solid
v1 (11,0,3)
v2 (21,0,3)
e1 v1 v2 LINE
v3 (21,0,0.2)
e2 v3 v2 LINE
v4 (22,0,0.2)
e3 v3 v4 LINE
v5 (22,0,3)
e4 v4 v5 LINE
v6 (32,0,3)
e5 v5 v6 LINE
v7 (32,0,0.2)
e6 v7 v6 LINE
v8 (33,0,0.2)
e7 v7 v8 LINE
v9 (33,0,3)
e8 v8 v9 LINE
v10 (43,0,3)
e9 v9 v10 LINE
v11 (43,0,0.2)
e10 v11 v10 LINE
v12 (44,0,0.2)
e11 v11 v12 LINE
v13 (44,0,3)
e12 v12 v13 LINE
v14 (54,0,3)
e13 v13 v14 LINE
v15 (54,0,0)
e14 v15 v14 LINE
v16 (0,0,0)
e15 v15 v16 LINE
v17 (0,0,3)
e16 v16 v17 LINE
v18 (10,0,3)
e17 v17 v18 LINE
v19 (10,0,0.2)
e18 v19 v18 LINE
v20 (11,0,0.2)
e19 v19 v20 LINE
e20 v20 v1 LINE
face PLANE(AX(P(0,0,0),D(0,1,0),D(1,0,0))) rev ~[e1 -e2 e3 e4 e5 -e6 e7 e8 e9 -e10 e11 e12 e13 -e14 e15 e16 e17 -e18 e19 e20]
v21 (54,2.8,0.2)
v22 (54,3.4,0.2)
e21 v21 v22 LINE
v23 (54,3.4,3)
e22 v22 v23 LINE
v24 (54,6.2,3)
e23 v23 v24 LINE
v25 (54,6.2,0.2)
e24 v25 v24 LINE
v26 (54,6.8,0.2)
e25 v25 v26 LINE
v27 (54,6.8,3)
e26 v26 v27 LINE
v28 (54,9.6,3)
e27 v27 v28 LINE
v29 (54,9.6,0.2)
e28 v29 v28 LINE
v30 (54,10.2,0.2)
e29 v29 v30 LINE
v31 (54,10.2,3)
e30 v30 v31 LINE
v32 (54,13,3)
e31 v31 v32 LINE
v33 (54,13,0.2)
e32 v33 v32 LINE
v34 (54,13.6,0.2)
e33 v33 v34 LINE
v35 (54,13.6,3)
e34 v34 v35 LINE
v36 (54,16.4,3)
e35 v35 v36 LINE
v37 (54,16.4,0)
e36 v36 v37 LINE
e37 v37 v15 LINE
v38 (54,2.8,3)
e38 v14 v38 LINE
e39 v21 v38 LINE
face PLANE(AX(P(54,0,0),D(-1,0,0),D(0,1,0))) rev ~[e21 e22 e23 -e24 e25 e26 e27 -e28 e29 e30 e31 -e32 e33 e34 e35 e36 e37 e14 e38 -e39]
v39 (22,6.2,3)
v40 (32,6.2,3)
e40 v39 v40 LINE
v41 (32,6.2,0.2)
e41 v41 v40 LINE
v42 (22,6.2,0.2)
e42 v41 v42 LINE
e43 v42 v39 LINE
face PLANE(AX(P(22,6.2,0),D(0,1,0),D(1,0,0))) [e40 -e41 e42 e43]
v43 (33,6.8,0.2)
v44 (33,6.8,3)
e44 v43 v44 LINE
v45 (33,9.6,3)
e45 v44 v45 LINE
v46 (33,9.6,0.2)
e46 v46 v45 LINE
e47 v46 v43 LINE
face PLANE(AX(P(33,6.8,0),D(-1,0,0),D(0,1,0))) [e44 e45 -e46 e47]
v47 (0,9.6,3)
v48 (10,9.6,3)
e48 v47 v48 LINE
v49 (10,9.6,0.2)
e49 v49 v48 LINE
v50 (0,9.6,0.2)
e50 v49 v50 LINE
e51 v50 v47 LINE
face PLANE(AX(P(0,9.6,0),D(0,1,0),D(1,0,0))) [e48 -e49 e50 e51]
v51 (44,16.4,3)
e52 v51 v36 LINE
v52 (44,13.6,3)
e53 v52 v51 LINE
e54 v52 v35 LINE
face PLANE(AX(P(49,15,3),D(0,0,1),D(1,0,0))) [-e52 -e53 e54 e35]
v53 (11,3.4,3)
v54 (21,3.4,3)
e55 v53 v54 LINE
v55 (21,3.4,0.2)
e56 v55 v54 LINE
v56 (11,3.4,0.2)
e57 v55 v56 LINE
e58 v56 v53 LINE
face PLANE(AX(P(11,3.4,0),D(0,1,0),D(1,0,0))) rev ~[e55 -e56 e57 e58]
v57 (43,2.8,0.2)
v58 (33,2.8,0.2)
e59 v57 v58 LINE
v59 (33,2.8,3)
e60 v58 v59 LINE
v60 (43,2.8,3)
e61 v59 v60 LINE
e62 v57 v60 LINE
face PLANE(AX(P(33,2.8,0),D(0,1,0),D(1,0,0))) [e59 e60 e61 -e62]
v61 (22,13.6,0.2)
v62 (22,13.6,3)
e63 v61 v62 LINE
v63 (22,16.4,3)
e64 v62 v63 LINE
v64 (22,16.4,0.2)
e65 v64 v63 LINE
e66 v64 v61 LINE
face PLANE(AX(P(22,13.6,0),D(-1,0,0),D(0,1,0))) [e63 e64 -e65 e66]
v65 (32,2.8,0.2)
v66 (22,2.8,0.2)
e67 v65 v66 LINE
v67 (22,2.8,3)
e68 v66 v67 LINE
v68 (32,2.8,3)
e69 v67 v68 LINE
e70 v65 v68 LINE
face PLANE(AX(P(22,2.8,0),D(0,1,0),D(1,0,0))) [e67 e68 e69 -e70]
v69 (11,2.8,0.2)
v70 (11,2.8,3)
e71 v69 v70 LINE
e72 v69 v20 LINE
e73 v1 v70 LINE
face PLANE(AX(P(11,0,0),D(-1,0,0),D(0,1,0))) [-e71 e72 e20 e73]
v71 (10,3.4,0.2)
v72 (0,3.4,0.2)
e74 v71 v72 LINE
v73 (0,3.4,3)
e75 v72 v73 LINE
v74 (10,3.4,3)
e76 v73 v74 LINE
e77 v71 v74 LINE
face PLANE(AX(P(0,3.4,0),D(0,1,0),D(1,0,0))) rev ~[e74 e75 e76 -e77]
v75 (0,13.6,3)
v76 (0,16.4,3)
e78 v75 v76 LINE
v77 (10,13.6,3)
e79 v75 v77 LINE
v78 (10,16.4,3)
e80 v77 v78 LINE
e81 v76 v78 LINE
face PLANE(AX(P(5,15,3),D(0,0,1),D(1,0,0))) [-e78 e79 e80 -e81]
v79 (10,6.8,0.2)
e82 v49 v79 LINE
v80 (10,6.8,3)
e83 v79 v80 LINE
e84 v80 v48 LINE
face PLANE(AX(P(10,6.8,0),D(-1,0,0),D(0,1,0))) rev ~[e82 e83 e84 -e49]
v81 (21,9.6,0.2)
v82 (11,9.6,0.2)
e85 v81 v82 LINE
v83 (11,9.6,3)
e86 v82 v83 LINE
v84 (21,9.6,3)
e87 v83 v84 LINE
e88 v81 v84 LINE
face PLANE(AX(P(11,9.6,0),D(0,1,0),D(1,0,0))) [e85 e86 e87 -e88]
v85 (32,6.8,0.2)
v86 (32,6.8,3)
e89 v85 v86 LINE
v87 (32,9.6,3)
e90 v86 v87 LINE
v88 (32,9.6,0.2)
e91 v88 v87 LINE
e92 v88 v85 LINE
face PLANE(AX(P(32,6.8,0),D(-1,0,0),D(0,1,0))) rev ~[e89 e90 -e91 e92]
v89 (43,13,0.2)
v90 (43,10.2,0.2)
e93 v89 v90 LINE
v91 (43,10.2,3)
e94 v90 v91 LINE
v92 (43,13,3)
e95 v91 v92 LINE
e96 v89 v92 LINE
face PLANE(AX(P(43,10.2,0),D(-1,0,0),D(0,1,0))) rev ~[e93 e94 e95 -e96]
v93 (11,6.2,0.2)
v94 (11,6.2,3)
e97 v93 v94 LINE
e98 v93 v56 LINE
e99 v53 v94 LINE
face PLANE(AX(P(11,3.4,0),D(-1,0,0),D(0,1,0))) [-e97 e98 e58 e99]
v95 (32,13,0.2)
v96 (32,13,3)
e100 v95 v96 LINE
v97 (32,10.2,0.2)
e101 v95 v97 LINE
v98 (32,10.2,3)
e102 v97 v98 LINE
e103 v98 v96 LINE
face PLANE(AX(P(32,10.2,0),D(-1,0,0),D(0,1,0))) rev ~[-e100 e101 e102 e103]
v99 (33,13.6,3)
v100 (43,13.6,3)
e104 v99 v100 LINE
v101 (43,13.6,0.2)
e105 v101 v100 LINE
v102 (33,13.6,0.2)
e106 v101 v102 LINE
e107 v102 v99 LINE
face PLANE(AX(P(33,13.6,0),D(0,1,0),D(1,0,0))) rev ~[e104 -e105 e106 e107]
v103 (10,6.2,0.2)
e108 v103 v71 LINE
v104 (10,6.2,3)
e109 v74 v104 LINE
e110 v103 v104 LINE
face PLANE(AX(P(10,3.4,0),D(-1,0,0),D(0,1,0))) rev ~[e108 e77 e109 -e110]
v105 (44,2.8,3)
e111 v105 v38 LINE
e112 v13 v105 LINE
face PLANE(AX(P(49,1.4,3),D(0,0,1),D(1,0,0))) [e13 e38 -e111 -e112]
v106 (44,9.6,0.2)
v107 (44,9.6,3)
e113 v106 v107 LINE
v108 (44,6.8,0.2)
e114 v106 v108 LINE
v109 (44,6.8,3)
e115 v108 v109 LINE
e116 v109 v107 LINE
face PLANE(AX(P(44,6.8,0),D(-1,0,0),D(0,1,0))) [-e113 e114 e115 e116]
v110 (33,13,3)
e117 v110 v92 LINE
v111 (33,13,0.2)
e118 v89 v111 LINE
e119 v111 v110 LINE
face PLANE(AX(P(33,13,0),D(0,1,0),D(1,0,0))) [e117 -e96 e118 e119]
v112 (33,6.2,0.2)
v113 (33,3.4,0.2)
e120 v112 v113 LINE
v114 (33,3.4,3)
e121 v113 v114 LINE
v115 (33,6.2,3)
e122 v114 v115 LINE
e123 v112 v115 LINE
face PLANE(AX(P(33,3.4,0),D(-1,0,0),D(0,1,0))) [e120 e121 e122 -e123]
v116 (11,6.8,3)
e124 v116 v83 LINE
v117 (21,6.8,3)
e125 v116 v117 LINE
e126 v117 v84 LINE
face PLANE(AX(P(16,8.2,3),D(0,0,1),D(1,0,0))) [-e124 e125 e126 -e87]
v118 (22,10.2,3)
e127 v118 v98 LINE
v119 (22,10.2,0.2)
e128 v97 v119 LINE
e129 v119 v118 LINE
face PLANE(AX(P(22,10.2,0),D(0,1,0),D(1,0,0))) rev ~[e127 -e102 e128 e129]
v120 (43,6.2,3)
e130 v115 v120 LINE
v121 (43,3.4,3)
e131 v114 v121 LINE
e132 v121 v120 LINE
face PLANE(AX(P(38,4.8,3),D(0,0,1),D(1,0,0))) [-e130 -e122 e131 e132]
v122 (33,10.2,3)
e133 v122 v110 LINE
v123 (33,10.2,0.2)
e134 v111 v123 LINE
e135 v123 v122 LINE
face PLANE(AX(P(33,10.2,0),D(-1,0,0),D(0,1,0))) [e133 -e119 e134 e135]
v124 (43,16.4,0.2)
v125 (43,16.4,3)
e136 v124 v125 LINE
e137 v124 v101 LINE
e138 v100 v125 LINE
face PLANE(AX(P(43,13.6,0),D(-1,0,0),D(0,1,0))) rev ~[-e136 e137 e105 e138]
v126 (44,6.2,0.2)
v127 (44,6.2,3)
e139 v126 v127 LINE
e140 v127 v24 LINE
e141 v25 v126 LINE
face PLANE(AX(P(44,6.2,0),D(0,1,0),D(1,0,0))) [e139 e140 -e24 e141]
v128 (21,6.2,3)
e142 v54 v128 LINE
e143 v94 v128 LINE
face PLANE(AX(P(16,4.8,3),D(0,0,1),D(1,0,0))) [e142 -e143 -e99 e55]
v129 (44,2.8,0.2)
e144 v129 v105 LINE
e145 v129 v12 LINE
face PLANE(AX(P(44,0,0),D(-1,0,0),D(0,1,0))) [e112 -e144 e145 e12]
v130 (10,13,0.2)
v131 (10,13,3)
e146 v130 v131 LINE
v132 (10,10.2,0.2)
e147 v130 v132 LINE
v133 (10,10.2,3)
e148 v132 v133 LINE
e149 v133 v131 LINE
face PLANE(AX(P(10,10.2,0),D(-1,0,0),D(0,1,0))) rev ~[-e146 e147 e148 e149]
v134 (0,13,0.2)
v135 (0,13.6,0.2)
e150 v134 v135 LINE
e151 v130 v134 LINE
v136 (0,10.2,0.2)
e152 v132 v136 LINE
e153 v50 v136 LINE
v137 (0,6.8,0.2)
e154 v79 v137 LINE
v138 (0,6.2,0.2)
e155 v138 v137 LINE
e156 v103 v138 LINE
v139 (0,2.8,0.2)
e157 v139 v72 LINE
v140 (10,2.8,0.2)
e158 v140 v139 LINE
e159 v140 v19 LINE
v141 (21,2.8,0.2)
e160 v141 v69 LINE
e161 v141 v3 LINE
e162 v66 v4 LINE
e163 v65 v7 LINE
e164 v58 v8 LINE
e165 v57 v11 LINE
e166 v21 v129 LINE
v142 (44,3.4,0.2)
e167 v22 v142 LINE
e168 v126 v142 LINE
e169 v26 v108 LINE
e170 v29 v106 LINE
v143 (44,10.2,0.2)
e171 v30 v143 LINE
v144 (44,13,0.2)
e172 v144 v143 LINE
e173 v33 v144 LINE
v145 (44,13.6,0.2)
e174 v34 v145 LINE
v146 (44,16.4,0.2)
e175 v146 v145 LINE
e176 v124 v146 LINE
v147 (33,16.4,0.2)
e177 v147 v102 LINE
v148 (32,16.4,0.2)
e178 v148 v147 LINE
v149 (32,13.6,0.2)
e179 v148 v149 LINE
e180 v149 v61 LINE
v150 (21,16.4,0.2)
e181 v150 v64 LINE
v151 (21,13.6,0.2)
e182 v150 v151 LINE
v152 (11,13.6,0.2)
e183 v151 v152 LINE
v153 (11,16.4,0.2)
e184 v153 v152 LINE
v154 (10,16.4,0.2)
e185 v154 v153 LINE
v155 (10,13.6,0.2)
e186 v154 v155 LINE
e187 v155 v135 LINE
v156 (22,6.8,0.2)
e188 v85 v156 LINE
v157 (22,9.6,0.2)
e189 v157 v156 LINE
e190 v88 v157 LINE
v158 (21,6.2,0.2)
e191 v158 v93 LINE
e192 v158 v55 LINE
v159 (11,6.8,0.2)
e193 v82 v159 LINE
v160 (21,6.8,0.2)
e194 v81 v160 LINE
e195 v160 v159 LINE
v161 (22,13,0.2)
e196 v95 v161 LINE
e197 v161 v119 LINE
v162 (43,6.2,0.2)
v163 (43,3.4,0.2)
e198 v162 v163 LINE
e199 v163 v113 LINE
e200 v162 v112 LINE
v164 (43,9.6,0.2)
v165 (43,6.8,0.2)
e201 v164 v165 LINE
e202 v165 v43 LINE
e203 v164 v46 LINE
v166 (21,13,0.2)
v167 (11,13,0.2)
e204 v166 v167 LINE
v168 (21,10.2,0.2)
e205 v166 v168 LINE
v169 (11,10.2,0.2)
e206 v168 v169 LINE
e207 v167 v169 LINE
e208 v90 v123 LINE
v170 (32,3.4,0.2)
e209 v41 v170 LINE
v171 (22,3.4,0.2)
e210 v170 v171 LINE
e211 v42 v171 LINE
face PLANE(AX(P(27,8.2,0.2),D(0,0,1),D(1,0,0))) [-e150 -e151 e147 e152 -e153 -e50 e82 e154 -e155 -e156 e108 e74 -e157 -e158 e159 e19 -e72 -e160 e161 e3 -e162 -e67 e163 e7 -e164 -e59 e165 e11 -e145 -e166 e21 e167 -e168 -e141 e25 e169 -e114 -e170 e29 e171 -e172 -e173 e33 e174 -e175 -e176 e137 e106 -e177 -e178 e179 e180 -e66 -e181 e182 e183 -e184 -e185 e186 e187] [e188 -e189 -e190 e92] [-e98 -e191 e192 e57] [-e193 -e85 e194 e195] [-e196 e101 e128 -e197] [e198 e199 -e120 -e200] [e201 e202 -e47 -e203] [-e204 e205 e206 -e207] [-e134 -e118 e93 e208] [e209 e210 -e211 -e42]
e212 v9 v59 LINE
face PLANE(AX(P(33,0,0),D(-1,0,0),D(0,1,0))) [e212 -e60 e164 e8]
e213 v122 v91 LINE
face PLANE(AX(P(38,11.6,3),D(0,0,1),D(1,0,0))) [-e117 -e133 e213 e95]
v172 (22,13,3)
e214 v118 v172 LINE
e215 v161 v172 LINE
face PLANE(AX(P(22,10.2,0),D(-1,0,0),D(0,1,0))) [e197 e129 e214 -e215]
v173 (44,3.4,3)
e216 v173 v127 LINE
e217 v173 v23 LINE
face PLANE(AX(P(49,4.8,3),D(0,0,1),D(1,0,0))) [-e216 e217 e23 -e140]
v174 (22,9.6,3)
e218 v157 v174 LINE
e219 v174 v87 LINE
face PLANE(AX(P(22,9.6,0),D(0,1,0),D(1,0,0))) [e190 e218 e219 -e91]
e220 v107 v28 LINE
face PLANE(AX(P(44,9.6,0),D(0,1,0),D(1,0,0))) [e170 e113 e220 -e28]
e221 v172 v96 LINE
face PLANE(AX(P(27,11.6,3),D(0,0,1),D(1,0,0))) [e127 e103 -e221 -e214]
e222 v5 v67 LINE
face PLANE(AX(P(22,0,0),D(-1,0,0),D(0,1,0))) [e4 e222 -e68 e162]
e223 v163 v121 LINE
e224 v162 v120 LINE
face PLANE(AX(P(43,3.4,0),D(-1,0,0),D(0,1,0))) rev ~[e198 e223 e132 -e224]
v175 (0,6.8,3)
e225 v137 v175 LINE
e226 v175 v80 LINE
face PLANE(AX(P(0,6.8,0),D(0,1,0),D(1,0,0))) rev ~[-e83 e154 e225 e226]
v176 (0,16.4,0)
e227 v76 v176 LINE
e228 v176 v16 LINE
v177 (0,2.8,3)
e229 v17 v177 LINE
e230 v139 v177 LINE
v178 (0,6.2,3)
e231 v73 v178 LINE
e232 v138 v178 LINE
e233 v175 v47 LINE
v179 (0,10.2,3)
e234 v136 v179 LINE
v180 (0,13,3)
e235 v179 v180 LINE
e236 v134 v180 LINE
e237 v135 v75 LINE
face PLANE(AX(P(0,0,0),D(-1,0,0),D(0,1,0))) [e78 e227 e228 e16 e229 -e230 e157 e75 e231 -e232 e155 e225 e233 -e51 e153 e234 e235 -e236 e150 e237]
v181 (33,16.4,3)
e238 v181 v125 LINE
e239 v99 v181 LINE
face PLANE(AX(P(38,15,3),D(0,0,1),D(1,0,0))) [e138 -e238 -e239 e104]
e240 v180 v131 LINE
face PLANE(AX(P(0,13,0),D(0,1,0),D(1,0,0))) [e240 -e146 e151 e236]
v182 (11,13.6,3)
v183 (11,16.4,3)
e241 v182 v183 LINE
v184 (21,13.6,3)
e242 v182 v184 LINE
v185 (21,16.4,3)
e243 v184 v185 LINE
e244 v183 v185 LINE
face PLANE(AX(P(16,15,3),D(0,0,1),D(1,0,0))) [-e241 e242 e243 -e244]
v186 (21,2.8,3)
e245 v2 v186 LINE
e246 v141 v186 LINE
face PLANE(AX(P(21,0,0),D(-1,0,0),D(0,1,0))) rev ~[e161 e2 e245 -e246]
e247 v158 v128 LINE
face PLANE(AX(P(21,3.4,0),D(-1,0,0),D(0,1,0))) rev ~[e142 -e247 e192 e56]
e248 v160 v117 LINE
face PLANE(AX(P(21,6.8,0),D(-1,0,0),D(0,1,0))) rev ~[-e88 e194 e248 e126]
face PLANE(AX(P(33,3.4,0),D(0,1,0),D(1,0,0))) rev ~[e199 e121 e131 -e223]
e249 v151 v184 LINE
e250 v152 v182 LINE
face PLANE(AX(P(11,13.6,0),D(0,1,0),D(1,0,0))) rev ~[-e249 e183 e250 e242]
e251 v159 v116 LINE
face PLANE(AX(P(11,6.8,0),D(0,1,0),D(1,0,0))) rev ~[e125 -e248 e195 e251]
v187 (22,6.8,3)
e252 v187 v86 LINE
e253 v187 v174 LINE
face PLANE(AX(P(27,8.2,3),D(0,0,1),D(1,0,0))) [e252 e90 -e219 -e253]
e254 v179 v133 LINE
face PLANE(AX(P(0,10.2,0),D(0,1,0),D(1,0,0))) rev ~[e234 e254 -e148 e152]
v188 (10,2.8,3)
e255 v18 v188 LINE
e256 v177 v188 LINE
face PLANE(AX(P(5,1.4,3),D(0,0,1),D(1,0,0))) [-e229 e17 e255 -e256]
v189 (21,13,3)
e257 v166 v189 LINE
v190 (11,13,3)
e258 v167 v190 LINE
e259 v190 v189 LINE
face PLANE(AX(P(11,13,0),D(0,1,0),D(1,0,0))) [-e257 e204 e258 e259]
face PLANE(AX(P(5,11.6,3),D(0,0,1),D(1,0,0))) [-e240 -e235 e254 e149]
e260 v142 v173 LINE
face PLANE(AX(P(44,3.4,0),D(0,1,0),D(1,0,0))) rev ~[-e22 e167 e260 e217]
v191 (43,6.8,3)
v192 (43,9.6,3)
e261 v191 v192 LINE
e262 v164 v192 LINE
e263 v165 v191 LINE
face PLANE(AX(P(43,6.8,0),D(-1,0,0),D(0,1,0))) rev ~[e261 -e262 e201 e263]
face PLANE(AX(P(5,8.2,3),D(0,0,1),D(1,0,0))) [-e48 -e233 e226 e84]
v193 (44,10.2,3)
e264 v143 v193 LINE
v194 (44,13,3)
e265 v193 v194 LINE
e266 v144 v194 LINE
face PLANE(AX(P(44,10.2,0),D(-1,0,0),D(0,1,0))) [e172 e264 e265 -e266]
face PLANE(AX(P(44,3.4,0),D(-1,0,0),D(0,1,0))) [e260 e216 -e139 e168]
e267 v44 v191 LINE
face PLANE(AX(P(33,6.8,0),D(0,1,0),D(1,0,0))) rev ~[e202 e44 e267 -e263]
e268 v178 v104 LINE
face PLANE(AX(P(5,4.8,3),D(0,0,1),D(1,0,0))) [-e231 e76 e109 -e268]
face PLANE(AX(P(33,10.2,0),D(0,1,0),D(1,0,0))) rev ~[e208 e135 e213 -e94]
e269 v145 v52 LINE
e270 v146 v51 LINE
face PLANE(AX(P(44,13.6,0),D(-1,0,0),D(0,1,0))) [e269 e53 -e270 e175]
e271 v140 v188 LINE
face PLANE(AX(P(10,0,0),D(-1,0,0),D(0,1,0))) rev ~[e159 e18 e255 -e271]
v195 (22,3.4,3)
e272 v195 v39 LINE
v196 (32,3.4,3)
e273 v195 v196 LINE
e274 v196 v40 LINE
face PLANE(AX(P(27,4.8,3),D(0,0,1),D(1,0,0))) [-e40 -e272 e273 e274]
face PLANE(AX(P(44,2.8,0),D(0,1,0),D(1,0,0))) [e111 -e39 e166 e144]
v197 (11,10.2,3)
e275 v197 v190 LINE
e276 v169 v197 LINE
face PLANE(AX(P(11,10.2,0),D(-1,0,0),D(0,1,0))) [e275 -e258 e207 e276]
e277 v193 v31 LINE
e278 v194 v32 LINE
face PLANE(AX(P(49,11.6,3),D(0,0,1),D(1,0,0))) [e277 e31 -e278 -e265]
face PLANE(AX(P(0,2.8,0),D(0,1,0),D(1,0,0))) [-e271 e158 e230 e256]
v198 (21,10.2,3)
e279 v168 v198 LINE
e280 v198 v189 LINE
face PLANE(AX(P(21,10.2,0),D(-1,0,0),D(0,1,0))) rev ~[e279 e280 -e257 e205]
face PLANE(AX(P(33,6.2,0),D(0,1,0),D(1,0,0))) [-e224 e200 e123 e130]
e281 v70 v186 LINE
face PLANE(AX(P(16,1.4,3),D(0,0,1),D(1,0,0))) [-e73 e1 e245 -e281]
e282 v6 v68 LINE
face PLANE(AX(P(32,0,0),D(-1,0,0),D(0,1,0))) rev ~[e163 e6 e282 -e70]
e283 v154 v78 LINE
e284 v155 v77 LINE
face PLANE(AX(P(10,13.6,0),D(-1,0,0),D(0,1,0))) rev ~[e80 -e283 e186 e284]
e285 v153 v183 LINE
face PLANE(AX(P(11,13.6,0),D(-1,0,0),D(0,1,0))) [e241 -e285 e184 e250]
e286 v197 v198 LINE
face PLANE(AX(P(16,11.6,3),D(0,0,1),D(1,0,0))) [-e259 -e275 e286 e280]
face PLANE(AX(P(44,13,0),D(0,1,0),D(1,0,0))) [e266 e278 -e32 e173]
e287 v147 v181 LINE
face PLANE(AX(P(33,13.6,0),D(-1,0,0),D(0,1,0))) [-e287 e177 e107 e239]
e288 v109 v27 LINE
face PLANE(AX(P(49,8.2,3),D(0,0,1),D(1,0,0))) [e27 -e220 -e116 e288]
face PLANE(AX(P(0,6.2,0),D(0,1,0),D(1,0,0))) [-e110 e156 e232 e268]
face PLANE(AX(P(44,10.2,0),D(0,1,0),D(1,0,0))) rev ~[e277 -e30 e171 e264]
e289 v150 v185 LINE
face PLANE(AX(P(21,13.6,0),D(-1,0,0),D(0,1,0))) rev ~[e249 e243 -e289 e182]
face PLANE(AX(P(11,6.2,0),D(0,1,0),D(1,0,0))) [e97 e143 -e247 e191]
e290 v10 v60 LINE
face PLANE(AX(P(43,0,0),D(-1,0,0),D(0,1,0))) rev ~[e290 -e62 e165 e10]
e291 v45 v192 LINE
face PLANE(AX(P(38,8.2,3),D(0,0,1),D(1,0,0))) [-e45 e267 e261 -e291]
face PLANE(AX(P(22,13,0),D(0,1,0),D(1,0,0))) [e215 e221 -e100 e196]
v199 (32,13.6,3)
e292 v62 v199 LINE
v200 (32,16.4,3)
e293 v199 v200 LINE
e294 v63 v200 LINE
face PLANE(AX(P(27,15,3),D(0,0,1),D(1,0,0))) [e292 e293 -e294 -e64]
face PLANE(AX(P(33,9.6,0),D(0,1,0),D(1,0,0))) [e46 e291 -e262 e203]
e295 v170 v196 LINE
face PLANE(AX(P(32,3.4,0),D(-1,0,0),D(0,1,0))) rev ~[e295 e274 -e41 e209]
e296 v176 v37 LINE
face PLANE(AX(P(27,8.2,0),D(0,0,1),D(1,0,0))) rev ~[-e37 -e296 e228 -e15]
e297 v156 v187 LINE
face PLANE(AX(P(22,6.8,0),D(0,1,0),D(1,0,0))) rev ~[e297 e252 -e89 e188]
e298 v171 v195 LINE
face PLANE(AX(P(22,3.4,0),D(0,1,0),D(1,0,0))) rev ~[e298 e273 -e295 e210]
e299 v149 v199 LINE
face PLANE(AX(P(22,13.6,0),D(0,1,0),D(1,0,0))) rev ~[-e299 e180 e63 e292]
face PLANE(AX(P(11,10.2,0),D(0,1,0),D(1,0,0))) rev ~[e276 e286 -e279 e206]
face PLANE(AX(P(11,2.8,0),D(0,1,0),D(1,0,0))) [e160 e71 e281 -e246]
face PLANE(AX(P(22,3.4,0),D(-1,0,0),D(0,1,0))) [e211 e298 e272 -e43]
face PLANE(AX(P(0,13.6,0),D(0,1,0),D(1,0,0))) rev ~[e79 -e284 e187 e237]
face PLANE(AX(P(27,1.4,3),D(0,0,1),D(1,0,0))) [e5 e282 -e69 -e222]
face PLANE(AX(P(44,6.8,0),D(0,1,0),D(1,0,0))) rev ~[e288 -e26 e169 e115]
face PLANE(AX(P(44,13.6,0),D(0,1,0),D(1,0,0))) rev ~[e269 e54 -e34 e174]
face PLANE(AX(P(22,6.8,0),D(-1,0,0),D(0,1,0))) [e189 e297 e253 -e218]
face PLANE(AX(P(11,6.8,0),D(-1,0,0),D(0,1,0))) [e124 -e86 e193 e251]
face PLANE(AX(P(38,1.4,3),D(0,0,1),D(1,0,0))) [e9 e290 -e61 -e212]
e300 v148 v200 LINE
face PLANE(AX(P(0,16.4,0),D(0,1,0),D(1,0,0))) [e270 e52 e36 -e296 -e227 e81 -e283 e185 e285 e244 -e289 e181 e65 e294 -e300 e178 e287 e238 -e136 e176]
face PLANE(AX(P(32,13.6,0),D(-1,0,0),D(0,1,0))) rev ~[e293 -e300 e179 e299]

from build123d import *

# Parameters (mm, degrees)
F1_W     = 54
F1_H     = 16.4
F2_DEPTH = 0.2
F0_W     = 10
F0_H     = 2.8
F3_DEPTH = 3


with BuildPart() as f2:
    # F1 (on Top) → F2 (new body)
    with BuildSketch(Plane.XY):
        with Locations((27, 8.2)):
            Rectangle(F1_W, F1_H)
    extrude(amount=F2_DEPTH)

    # F0 (on Top) → F3 (join)
    with BuildSketch(Plane.XY):
        with Locations((5, 1.4)):
            Rectangle(F0_W, F0_H)
        with Locations((5, 4.8)):
            Rectangle(F0_W, F0_H)
        with Locations((5, 8.2)):
            Rectangle(F0_W, F0_H)
        with Locations((5, 11.6)):
            Rectangle(F0_W, F0_H)
        with Locations((5, 15)):
            Rectangle(F0_W, F0_H)
        with Locations((16, 1.4)):
            Rectangle(F0_W, F0_H)
        with Locations((16, 4.8)):
            Rectangle(F0_W, F0_H)
        with Locations((16, 8.2)):
            Rectangle(F0_W, F0_H)
        with Locations((16, 11.6)):
            Rectangle(F0_W, F0_H)
        with Locations((16, 15)):
            Rectangle(F0_W, F0_H)
        with Locations((27, 1.4)):
            Rectangle(F0_W, F0_H)
        with Locations((27, 4.8)):
            Rectangle(F0_W, F0_H)
        with Locations((27, 8.2)):
            Rectangle(F0_W, F0_H)
        with Locations((27, 11.6)):
            Rectangle(F0_W, F0_H)
        with Locations((27, 15)):
            Rectangle(F0_W, F0_H)
        with Locations((38, 1.4)):
            Rectangle(F0_W, F0_H)
        with Locations((38, 4.8)):
            Rectangle(F0_W, F0_H)
        with Locations((38, 8.2)):
            Rectangle(F0_W, F0_H)
        with Locations((38, 11.6)):
            Rectangle(F0_W, F0_H)
        with Locations((38, 15)):
            Rectangle(F0_W, F0_H)
        with Locations((49, 1.4)):
            Rectangle(F0_W, F0_H)
        with Locations((49, 4.8)):
            Rectangle(F0_W, F0_H)
        with Locations((49, 8.2)):
            Rectangle(F0_W, F0_H)
        with Locations((49, 11.6)):
            Rectangle(F0_W, F0_H)
        with Locations((49, 15)):
            Rectangle(F0_W, F0_H)
    extrude(amount=F3_DEPTH)


solid = f2.part
